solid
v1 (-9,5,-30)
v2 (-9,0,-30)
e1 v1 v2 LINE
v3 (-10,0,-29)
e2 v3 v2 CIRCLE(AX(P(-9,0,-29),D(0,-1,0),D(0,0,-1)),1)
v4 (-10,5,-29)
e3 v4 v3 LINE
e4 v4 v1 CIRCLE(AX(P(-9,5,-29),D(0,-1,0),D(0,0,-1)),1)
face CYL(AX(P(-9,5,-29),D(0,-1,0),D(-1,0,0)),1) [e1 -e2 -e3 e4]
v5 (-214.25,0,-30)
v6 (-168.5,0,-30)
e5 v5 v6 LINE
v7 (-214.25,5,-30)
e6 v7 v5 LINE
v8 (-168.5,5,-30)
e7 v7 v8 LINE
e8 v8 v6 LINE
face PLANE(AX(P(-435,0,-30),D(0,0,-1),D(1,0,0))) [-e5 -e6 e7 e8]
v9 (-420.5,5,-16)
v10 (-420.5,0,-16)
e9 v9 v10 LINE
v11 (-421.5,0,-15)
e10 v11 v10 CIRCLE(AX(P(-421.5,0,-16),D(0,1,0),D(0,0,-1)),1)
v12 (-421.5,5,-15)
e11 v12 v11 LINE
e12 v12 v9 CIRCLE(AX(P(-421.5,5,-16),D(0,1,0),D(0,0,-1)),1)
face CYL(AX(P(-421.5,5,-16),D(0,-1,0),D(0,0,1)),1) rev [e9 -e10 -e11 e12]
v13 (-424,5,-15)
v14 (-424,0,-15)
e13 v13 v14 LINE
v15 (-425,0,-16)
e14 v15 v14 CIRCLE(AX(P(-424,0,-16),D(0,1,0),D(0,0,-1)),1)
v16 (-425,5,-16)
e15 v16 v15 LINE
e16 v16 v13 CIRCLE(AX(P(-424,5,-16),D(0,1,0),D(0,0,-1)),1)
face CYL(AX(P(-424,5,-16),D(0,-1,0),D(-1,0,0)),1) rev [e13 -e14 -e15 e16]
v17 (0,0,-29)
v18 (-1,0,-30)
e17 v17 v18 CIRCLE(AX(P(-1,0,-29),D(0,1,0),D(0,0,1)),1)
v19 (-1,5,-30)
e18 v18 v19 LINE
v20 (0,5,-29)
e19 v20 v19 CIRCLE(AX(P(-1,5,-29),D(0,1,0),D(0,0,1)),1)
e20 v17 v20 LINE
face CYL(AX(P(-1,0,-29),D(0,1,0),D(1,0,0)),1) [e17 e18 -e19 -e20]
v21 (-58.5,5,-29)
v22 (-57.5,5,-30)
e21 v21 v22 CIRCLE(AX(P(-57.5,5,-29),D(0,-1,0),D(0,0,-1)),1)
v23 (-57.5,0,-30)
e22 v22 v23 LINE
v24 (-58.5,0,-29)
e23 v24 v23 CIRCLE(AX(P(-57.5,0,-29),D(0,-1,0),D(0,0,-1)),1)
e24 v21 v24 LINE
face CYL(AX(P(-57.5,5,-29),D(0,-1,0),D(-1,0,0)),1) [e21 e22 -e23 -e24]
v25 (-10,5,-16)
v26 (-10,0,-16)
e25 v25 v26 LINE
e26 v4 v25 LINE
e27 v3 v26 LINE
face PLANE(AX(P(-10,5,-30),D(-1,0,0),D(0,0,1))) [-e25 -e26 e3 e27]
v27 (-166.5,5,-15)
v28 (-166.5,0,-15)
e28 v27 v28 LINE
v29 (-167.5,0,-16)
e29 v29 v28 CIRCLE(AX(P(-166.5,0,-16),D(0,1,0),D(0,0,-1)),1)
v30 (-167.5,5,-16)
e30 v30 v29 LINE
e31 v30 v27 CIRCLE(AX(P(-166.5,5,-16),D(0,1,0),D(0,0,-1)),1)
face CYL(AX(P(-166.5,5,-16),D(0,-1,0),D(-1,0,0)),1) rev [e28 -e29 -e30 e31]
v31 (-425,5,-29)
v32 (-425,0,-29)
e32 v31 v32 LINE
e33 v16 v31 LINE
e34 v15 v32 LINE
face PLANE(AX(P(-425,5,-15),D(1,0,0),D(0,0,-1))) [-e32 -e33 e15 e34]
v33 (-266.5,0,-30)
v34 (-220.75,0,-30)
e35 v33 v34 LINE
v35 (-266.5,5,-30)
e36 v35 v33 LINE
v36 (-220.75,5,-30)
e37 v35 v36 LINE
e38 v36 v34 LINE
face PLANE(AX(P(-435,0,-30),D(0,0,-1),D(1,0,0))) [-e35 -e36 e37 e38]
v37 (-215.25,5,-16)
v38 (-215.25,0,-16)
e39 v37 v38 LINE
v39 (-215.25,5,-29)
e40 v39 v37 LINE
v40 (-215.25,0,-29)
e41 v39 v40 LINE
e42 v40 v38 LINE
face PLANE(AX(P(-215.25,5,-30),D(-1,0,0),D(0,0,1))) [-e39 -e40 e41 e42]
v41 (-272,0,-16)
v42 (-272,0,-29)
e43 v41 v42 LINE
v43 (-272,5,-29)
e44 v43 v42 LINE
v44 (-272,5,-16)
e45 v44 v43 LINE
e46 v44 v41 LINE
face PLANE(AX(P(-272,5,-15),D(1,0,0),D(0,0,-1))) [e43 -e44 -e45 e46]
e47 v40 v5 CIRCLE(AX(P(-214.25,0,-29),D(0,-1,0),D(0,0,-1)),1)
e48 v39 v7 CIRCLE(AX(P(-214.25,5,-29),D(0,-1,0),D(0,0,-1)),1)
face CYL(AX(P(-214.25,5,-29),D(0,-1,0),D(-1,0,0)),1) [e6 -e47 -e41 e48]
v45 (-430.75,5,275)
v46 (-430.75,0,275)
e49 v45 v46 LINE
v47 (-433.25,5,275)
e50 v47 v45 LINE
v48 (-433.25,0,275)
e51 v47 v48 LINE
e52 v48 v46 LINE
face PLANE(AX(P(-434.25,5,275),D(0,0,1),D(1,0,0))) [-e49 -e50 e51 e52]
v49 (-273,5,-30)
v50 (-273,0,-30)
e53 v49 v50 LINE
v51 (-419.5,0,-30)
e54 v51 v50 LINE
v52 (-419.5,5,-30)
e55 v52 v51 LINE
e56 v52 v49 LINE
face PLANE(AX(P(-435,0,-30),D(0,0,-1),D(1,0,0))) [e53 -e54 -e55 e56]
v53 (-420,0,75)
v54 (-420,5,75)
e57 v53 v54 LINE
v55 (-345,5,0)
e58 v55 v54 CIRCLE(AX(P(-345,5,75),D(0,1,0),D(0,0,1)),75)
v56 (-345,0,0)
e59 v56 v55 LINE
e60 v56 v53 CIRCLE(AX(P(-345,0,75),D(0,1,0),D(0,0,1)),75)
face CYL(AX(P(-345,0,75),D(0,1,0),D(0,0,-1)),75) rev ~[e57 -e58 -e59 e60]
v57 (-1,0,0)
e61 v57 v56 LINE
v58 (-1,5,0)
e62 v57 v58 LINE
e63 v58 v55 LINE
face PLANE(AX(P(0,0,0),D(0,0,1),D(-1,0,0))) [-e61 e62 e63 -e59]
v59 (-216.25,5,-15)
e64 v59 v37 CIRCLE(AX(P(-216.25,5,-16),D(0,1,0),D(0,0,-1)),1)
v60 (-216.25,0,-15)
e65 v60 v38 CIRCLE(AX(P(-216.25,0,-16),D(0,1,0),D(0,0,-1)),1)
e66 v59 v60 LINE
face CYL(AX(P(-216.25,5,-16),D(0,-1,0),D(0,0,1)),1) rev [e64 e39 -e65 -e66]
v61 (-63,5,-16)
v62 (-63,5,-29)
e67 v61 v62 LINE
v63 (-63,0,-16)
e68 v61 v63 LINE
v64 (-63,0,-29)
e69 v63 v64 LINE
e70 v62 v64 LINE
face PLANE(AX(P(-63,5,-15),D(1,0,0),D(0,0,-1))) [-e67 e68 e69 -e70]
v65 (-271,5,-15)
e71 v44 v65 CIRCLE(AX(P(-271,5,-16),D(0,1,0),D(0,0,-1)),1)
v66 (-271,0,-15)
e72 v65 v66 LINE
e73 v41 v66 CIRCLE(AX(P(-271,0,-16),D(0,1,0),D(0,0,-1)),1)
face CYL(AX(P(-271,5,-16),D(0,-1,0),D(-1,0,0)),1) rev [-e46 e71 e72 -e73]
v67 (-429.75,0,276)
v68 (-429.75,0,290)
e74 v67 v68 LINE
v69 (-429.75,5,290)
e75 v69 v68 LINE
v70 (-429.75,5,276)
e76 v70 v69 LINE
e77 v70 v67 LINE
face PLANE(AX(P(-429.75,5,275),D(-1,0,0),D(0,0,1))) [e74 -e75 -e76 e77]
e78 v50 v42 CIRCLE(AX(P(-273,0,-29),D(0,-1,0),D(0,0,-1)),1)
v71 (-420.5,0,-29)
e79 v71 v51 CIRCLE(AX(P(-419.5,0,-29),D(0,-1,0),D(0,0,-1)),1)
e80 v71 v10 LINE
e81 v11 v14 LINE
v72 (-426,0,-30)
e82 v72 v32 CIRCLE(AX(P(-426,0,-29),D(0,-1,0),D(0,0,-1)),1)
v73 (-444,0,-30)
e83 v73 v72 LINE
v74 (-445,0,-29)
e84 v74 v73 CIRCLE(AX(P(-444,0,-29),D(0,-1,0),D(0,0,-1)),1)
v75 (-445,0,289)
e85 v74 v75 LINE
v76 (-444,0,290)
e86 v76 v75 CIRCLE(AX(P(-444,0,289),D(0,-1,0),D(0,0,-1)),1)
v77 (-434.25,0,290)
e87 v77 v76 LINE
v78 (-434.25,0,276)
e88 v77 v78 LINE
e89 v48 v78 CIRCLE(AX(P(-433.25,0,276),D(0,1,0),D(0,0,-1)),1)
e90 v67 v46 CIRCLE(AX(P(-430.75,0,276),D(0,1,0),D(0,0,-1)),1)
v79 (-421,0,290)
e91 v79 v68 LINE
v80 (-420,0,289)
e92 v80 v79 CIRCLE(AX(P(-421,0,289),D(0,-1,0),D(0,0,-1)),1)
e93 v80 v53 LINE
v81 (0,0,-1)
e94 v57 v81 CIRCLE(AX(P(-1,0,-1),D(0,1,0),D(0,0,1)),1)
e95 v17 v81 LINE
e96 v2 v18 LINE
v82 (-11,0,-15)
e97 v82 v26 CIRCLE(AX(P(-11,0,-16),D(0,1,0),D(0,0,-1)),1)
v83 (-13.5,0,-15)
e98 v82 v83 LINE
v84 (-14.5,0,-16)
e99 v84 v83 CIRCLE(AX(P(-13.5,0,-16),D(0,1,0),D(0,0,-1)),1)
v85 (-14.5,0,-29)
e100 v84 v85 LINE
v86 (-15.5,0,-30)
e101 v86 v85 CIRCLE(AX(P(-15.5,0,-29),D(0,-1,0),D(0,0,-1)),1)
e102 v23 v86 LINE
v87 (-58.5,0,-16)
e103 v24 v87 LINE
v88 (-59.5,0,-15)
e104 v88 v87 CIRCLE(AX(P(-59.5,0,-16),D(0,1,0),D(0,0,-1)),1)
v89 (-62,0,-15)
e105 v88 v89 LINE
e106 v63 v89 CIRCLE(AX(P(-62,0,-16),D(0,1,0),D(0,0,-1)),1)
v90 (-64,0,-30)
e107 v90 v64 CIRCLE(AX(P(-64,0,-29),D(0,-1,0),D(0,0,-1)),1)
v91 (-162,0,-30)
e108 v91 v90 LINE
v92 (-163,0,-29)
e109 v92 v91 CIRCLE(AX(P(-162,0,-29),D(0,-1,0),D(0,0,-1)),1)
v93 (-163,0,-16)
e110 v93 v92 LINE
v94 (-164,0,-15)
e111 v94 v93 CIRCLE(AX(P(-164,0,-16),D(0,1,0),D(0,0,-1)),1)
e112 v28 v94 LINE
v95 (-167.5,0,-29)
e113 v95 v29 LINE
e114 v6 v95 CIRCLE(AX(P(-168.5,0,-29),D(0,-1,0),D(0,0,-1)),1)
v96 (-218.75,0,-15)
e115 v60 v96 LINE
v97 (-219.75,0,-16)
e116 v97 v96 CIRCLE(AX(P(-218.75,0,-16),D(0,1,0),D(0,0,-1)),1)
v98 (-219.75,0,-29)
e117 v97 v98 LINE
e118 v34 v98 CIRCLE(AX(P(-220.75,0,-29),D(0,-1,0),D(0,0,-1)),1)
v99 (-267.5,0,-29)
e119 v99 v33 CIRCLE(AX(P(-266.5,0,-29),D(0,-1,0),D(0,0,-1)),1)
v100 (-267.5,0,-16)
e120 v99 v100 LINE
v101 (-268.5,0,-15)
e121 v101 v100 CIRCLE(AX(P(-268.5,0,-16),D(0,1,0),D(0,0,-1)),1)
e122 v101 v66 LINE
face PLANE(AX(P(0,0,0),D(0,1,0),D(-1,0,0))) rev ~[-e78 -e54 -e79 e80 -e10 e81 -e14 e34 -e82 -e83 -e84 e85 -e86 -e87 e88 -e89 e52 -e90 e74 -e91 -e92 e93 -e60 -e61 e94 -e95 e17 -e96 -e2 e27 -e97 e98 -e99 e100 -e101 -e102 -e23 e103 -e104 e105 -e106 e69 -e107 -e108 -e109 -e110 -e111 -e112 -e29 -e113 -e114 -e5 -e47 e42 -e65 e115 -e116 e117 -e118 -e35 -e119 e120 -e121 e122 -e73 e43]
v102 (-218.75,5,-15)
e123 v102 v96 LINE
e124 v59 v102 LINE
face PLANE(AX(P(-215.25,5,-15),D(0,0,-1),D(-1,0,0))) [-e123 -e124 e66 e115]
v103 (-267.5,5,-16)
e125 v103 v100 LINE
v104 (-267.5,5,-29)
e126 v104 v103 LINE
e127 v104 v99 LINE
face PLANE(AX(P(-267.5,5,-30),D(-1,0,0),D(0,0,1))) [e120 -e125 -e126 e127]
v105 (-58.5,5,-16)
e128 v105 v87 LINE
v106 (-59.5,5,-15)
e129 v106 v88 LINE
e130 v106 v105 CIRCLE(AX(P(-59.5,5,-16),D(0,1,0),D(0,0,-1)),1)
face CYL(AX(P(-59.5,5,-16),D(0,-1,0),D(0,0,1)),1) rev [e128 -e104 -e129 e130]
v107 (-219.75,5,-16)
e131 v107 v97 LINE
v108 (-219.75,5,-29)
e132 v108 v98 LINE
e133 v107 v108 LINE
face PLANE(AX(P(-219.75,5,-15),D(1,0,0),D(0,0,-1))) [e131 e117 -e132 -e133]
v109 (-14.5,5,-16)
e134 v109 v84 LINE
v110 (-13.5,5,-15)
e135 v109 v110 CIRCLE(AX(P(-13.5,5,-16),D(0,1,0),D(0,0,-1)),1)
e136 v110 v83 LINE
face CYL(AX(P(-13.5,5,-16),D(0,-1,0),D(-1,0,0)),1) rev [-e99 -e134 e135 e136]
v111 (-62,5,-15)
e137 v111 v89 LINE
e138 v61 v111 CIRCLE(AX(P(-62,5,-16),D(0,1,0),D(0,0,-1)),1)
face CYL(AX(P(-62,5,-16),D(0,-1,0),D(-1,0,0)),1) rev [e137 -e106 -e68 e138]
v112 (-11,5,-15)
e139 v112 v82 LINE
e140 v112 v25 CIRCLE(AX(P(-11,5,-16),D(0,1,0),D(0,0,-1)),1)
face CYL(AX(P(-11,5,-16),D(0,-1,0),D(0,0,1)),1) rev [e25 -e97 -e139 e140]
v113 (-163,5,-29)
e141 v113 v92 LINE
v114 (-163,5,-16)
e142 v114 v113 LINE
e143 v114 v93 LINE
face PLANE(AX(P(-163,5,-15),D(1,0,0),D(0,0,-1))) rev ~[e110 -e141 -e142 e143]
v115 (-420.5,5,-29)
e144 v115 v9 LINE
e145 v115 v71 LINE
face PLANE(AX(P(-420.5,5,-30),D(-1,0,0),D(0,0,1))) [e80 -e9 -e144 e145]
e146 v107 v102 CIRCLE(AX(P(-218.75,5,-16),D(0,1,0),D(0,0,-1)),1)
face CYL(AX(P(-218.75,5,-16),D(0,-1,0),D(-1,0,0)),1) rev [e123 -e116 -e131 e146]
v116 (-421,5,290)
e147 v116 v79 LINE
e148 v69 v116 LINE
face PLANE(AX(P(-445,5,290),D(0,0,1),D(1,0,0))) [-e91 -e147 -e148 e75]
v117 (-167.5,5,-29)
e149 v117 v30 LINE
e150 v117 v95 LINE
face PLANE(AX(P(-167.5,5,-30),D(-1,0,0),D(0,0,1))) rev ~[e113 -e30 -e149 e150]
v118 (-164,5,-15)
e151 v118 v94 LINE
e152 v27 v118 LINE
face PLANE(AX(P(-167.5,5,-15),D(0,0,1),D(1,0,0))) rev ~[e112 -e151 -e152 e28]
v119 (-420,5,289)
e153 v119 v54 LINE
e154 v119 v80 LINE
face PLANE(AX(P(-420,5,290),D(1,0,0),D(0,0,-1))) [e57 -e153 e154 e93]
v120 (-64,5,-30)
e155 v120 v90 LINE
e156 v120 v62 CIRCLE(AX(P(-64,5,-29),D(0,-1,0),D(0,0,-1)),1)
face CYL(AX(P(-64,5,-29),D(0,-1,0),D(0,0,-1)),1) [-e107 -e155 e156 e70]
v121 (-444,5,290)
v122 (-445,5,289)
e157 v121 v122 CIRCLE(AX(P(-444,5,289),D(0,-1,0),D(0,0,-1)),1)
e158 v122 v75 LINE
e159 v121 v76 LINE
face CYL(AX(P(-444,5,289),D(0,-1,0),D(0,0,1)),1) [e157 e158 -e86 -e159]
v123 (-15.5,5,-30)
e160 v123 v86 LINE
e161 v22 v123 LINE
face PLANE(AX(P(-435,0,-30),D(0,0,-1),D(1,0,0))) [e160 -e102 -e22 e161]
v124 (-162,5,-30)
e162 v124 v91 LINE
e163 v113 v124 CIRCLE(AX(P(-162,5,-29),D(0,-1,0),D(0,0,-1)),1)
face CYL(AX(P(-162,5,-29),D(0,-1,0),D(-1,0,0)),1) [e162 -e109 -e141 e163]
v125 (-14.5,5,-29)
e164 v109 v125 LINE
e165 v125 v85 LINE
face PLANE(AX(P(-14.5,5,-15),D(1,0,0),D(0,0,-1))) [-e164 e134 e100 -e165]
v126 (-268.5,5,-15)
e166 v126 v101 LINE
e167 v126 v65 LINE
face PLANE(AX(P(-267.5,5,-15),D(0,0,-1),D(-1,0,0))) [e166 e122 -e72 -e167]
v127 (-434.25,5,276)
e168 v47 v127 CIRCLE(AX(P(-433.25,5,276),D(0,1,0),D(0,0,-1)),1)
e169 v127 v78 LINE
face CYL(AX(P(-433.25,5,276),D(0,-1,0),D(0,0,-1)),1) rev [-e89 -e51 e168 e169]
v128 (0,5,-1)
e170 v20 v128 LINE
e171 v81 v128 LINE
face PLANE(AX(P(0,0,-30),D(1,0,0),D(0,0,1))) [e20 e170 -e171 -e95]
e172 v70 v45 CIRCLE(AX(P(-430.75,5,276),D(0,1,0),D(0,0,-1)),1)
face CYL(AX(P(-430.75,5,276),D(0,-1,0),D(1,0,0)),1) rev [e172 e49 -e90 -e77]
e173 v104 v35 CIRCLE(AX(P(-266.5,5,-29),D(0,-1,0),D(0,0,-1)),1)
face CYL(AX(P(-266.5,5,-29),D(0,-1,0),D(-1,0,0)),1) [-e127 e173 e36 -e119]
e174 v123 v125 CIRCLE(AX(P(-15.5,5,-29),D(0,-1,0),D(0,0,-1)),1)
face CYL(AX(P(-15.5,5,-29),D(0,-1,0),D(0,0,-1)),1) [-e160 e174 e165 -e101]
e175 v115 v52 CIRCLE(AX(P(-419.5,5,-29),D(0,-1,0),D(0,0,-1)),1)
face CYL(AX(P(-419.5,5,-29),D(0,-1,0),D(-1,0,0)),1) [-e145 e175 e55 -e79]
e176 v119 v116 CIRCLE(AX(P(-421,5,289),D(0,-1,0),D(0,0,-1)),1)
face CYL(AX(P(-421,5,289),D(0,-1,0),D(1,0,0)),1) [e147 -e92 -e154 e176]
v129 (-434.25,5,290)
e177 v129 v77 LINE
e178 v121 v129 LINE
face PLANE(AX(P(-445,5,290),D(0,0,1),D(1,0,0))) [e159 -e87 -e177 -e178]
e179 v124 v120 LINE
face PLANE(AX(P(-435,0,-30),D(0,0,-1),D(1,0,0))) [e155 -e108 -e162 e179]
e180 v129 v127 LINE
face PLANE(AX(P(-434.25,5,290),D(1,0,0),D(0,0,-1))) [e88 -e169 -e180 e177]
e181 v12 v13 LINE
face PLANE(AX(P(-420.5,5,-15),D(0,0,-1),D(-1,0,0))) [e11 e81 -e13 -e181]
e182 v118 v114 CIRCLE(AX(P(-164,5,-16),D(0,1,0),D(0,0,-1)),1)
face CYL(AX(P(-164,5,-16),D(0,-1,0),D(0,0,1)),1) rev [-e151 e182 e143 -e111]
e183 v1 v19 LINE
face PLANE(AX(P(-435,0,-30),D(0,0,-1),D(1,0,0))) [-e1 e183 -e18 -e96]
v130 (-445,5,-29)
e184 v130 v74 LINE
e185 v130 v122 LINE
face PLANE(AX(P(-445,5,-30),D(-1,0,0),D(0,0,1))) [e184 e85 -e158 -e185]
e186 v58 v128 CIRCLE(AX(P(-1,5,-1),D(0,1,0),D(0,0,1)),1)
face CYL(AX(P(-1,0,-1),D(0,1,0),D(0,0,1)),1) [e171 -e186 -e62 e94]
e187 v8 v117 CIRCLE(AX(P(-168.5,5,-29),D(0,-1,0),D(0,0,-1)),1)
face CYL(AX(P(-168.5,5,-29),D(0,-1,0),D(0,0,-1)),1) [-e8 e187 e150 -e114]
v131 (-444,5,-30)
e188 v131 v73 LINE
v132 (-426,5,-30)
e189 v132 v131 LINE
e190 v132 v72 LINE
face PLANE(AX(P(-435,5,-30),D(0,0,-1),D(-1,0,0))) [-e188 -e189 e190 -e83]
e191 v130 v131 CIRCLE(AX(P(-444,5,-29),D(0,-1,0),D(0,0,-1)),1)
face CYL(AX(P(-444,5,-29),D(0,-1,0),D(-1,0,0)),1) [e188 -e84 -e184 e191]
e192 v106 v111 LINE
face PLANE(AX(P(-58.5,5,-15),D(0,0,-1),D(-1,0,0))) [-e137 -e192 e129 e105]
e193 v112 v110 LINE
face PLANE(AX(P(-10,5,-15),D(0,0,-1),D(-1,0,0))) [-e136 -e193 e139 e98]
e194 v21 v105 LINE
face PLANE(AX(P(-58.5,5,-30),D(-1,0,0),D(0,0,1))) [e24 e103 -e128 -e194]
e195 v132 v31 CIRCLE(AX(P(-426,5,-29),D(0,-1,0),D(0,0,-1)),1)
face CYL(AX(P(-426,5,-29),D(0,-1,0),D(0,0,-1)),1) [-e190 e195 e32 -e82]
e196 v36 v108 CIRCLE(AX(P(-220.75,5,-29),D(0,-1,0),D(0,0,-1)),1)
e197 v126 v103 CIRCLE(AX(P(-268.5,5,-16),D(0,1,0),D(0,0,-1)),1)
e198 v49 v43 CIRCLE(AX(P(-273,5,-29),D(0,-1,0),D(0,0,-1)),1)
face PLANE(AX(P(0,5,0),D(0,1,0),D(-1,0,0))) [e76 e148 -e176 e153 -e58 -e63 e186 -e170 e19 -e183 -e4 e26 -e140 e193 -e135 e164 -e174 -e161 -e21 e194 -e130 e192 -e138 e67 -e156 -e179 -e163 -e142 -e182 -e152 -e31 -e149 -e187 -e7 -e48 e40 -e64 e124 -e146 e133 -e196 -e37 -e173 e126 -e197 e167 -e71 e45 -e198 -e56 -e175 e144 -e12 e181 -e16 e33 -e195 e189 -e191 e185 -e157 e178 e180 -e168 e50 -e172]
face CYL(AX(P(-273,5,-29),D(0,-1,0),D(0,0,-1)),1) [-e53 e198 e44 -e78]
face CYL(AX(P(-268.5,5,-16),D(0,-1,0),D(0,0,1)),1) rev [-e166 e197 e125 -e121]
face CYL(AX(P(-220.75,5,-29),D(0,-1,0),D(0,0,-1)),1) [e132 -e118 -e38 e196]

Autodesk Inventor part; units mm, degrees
ref_plane "YZ Plane" through (0, 0, 0) normal (1, 0, 0) x (0, 1, 0)
ref_plane "XZ Plane" through (0, 0, 0) normal (0, 1, 0) x (-1, 0, 0)
ref_plane "XY Plane" through (0, 0, 0) normal (0, 0, 1) x (1, 0, 0)
sketch "Sketch1" plane through (0, 0, 0) normal (0, 1, 0) x (-1, 0, 0)
  line L0 (0, 0) -> (435, 0)
  line L1 (435, 0) -> (435, -30)
  line L2 (435, -30) -> (0, -30)
  line L3 (0, -30) -> (0, 0)
  dimension "d0" = 435
  dimension "d1" = 30
extrude "Extrusion1" add sketch "Sketch1" along normal blind 5
sketch "Sketch2" plane through (0, 5, 0) normal (0, 1, 0) x (1, 0, 0)
  line L0 (0, 30) -> (-435, 30) projected
  line L1 (-435, 30) -> (-425, 30)
  line L2 (-425, 30) -> (-420.5, 30)
  line L3 (-420.5, 30) -> (-420.5, 15)
  line L4 (-420.5, 15) -> (-425, 15)
  line L5 (-425, 15) -> (-425, 30)
  line L6 (-420.5, 30) -> (-219.75, 30)
  line L7 (-219.75, 30) -> (-215.25, 30)
  line L8 (-215.25, 30) -> (-215.25, 15)
  line L9 (-215.25, 15) -> (-219.75, 15)
  line L10 (-219.75, 15) -> (-219.75, 30)
  line L11 (-215.25, 30) -> (-14.5, 30)
  line L12 (-14.5, 30) -> (-10, 30)
  line L13 (-10, 30) -> (-10, 15)
  line L14 (-10, 15) -> (-14.5, 15)
  line L15 (-14.5, 15) -> (-14.5, 30)
  point P0 (0, 0)
  dimension "d4" = 10
  dimension "d5" = 4.5
  dimension "d6" = 15
  dimension "d7" = 200.75
  dimension "d8" = 4.5
  dimension "d9" = 15
  dimension "d10" = 200.75
  dimension "d11" = 4.5
  dimension "d12" = 15
extrude "Extrusion2" cut sketch "Sketch2" against normal blind 5
sketch "Sketch3" plane through (0, 5, 0) normal (0, 1, 0) x (1, 0, 0)
  line L0 (-435, 30) -> (-435, 0) projected
  line L1 (-435, 30) -> (-445, 30)
  line L2 (-445, 30) -> (-445, -290)
  line L3 (-445, -290) -> (-435, -290)
  line L4 (-435, -290) -> (-435, 30)
  line L5 (-435, -290) -> (-420, -290)
  line L6 (-420, -290) -> (-420, 15)
  line L7 (-420, 15) -> (-435, 15)
  line L8 (-435, 15) -> (-435, -290)
  point P0 (0, 0)
  dimension "d15" = 10
  dimension "d16" = 320
  dimension "d17" = 15
  dimension "d18" = 305
extrude "Extrusion3" add sketch "Sketch3" against normal blind 5
fillet "Fillet1" radius 75 1 edges at (-420, 2.5, 0)
sketch "Sketch4" plane through (0, 5, 0) normal (0, 1, 0) x (1, 0, 0)
  line L0 (-10, 15) -> (-14.5, 15) projected
  line L1 (-14.5, 15) -> (-58.5, 15)
  line L2 (-345, 0) -> (0, 0) projected
  line L3 (-58.5, 15) -> (-63, 15)
  line L4 (-63, 15) -> (-63, 0)
  line L5 (-63, 0) -> (-58.5, 0)
  line L6 (-58.5, 0) -> (-58.5, 15)
  line L7 (-63, 0) -> (-110.75, 0)
  line L8 (-110.75, 0) -> (-115.25, 0)
  line L9 (-115.25, 0) -> (-115.25, 15)
  line L10 (-115.25, 15) -> (-110.75, 15)
  line L11 (-110.75, 15) -> (-110.75, 0)
  line L12 (-115.25, 0) -> (-163, 0)
  line L13 (-163, 0) -> (-215.25, 0)
  line L14 (-215.25, 0) -> (-219.75, 0)
  line L15 (-163, 0) -> (-167.5, 0)
  line L16 (-167.5, 0) -> (-167.5, 15)
  line L17 (-167.5, 15) -> (-163, 15)
  line L18 (-163, 15) -> (-163, 0)
  line L19 (-217.5, 0) -> (-217.5, 32.2246)
  line L20 (-372, 0) -> (-324.25, 0)
  line L21 (-324.25, 0) -> (-319.75, 0)
  line L22 (-319.75, 0) -> (-319.75, 15)
  line L23 (-319.75, 15) -> (-324.25, 15)
  line L24 (-324.25, 15) -> (-324.25, 0)
  line L25 (-319.75, 0) -> (-272, 0)
  line L26 (-272, 0) -> (-267.5, 0)
  line L27 (-267.5, 0) -> (-267.5, 15)
  line L28 (-267.5, 15) -> (-272, 15)
  line L29 (-272, 15) -> (-272, 0)
  line L30 (-372, 0) -> (-376.5, 0)
  line L31 (-376.5, 0) -> (-376.5, 30)
  line L32 (-376.5, 30) -> (-372, 30)
  line L33 (-372, 30) -> (-372, 0)
  line L34 (-376.5, 30) -> (-372, 30)
  line L35 (-372, 30) -> (-372, 15)
  line L36 (-372, 15) -> (-376.5, 15)
  line L37 (-376.5, 15) -> (-376.5, 30)
  line L38 (-14.5, 15) -> (-459.3643, 15)
  line L39 (-63, 15) -> (-63, 30)
  line L40 (-63, 30) -> (-58.5, 30)
  line L41 (-58.5, 30) -> (-58.5, 15)
  line L42 (-63, 30) -> (-110.75, 30)
  line L43 (-110.75, 30) -> (-115.25, 30)
  line L44 (-115.25, 30) -> (-115.25, 15)
  line L45 (-110.75, 15) -> (-110.75, 30)
  line L46 (-115.25, 30) -> (-163, 30)
  line L47 (-163, 30) -> (-215.25, 30)
  line L48 (-215.25, 30) -> (-219.75, 30)
  line L49 (-163, 30) -> (-167.5, 30)
  line L50 (-167.5, 30) -> (-167.5, 15)
  line L51 (-163, 15) -> (-163, 30)
  line L52 (-267.5, 30) -> (-267.5, 15)
  line L53 (-272, 30) -> (-267.5, 30)
  line L54 (-272, 15) -> (-272, 30)
  line L55 (-319.75, 30) -> (-272, 30)
  line L56 (-319.75, 30) -> (-319.75, 15)
  line L57 (-324.25, 30) -> (-319.75, 30)
  line L58 (-324.25, 15) -> (-324.25, 30)
  line L59 (-372, 30) -> (-324.25, 30)
  line L60 (-372, 30) -> (-376.5, 30)
  line L61 (-324.25, 0) -> (-319.75, 0)
  line L62 (-319.75, 0) -> (-319.75, -4.5)
  line L63 (-319.75, -4.5) -> (-324.25, -4.5)
  line L64 (-324.25, -4.5) -> (-324.25, 0)
  point P0 (-345, 30)
  point P1 (-217.5, 30)
  dimension "d22" = 44
  dimension "d23" = 4.5
  dimension "d24" = 47.75
  dimension "d25" = 4.5
  dimension "d26" = 15
  dimension "d27" = 47.75
  dimension "d28" = 52.25
  dimension "d29" = 4.5
  dimension "d30" = 4.5
  dimension "d31" = 15
  dimension "d38" = 4.5
  dimension "d39" = 30
  dimension "d45" = 4.5
extrude "Extrusion4" cut sketch "Sketch4" against normal blind 5 contours L54 L53 L52 L28 | L50 L47 L51 L17 | L39 L40 L41 L3
sketch "Sketch6" plane through (0, 5, 0) normal (0, 1, 0) x (1, 0, 0)
  line L0 (-420, -75) -> (-420, -290) projected
  line L1 (-420, -290) -> (-429.75, -290)
  line L2 (-420, -290) -> (-445, -290) projected
  line L3 (-429.75, -290) -> (-434.25, -290)
  line L4 (-434.25, -290) -> (-434.25, -275)
  line L5 (-434.25, -275) -> (-429.75, -275)
  line L6 (-429.75, -275) -> (-429.75, -290)
  point P0 (0, 0)
  dimension "d40" = 9.75
  dimension "d41" = 4.5
  dimension "d42" = 15
extrude "Extrusion6" cut sketch "Sketch6" against normal blind 5
fillet "Fillet2" radius 1 31 edges at (-10, 2.5, -15) (-14.5, 2.5, -15) (0, 2.5, 0) (0, 2.5, -30) (-14.5, 2.5, -30) (-10, 2.5, -30) (-58.5, 2.5, -30) (-58.5, 2.5, -15) (-63, 2.5, -15) (-63, 2.5, -30) (-163, 2.5, -30) (-167.5, 2.5, -30) (-163, 2.5, -15) (-167.5, 2.5, -15) (-215.25, 2.5, -15) (-219.75, 2.5, -15) (-219.75, 2.5, -30) (-215.25, 2.5, -30) (-272, 2.5, -30) (-267.5, 2.5, -30) (-267.5, 2.5, -15) (-272, 2.5, -15) (-420.5, 2.5, -30) (-425, 2.5, -30) (-420.5, 2.5, -15) (-425, 2.5, -15) (-445, 2.5, -30) (-420, 2.5, 290) (-434.25, 2.5, 275) (-429.75, 2.5, 275) (-445, 2.5, 290)
properties part number "slats_back_over" material "Foam Core Board"
